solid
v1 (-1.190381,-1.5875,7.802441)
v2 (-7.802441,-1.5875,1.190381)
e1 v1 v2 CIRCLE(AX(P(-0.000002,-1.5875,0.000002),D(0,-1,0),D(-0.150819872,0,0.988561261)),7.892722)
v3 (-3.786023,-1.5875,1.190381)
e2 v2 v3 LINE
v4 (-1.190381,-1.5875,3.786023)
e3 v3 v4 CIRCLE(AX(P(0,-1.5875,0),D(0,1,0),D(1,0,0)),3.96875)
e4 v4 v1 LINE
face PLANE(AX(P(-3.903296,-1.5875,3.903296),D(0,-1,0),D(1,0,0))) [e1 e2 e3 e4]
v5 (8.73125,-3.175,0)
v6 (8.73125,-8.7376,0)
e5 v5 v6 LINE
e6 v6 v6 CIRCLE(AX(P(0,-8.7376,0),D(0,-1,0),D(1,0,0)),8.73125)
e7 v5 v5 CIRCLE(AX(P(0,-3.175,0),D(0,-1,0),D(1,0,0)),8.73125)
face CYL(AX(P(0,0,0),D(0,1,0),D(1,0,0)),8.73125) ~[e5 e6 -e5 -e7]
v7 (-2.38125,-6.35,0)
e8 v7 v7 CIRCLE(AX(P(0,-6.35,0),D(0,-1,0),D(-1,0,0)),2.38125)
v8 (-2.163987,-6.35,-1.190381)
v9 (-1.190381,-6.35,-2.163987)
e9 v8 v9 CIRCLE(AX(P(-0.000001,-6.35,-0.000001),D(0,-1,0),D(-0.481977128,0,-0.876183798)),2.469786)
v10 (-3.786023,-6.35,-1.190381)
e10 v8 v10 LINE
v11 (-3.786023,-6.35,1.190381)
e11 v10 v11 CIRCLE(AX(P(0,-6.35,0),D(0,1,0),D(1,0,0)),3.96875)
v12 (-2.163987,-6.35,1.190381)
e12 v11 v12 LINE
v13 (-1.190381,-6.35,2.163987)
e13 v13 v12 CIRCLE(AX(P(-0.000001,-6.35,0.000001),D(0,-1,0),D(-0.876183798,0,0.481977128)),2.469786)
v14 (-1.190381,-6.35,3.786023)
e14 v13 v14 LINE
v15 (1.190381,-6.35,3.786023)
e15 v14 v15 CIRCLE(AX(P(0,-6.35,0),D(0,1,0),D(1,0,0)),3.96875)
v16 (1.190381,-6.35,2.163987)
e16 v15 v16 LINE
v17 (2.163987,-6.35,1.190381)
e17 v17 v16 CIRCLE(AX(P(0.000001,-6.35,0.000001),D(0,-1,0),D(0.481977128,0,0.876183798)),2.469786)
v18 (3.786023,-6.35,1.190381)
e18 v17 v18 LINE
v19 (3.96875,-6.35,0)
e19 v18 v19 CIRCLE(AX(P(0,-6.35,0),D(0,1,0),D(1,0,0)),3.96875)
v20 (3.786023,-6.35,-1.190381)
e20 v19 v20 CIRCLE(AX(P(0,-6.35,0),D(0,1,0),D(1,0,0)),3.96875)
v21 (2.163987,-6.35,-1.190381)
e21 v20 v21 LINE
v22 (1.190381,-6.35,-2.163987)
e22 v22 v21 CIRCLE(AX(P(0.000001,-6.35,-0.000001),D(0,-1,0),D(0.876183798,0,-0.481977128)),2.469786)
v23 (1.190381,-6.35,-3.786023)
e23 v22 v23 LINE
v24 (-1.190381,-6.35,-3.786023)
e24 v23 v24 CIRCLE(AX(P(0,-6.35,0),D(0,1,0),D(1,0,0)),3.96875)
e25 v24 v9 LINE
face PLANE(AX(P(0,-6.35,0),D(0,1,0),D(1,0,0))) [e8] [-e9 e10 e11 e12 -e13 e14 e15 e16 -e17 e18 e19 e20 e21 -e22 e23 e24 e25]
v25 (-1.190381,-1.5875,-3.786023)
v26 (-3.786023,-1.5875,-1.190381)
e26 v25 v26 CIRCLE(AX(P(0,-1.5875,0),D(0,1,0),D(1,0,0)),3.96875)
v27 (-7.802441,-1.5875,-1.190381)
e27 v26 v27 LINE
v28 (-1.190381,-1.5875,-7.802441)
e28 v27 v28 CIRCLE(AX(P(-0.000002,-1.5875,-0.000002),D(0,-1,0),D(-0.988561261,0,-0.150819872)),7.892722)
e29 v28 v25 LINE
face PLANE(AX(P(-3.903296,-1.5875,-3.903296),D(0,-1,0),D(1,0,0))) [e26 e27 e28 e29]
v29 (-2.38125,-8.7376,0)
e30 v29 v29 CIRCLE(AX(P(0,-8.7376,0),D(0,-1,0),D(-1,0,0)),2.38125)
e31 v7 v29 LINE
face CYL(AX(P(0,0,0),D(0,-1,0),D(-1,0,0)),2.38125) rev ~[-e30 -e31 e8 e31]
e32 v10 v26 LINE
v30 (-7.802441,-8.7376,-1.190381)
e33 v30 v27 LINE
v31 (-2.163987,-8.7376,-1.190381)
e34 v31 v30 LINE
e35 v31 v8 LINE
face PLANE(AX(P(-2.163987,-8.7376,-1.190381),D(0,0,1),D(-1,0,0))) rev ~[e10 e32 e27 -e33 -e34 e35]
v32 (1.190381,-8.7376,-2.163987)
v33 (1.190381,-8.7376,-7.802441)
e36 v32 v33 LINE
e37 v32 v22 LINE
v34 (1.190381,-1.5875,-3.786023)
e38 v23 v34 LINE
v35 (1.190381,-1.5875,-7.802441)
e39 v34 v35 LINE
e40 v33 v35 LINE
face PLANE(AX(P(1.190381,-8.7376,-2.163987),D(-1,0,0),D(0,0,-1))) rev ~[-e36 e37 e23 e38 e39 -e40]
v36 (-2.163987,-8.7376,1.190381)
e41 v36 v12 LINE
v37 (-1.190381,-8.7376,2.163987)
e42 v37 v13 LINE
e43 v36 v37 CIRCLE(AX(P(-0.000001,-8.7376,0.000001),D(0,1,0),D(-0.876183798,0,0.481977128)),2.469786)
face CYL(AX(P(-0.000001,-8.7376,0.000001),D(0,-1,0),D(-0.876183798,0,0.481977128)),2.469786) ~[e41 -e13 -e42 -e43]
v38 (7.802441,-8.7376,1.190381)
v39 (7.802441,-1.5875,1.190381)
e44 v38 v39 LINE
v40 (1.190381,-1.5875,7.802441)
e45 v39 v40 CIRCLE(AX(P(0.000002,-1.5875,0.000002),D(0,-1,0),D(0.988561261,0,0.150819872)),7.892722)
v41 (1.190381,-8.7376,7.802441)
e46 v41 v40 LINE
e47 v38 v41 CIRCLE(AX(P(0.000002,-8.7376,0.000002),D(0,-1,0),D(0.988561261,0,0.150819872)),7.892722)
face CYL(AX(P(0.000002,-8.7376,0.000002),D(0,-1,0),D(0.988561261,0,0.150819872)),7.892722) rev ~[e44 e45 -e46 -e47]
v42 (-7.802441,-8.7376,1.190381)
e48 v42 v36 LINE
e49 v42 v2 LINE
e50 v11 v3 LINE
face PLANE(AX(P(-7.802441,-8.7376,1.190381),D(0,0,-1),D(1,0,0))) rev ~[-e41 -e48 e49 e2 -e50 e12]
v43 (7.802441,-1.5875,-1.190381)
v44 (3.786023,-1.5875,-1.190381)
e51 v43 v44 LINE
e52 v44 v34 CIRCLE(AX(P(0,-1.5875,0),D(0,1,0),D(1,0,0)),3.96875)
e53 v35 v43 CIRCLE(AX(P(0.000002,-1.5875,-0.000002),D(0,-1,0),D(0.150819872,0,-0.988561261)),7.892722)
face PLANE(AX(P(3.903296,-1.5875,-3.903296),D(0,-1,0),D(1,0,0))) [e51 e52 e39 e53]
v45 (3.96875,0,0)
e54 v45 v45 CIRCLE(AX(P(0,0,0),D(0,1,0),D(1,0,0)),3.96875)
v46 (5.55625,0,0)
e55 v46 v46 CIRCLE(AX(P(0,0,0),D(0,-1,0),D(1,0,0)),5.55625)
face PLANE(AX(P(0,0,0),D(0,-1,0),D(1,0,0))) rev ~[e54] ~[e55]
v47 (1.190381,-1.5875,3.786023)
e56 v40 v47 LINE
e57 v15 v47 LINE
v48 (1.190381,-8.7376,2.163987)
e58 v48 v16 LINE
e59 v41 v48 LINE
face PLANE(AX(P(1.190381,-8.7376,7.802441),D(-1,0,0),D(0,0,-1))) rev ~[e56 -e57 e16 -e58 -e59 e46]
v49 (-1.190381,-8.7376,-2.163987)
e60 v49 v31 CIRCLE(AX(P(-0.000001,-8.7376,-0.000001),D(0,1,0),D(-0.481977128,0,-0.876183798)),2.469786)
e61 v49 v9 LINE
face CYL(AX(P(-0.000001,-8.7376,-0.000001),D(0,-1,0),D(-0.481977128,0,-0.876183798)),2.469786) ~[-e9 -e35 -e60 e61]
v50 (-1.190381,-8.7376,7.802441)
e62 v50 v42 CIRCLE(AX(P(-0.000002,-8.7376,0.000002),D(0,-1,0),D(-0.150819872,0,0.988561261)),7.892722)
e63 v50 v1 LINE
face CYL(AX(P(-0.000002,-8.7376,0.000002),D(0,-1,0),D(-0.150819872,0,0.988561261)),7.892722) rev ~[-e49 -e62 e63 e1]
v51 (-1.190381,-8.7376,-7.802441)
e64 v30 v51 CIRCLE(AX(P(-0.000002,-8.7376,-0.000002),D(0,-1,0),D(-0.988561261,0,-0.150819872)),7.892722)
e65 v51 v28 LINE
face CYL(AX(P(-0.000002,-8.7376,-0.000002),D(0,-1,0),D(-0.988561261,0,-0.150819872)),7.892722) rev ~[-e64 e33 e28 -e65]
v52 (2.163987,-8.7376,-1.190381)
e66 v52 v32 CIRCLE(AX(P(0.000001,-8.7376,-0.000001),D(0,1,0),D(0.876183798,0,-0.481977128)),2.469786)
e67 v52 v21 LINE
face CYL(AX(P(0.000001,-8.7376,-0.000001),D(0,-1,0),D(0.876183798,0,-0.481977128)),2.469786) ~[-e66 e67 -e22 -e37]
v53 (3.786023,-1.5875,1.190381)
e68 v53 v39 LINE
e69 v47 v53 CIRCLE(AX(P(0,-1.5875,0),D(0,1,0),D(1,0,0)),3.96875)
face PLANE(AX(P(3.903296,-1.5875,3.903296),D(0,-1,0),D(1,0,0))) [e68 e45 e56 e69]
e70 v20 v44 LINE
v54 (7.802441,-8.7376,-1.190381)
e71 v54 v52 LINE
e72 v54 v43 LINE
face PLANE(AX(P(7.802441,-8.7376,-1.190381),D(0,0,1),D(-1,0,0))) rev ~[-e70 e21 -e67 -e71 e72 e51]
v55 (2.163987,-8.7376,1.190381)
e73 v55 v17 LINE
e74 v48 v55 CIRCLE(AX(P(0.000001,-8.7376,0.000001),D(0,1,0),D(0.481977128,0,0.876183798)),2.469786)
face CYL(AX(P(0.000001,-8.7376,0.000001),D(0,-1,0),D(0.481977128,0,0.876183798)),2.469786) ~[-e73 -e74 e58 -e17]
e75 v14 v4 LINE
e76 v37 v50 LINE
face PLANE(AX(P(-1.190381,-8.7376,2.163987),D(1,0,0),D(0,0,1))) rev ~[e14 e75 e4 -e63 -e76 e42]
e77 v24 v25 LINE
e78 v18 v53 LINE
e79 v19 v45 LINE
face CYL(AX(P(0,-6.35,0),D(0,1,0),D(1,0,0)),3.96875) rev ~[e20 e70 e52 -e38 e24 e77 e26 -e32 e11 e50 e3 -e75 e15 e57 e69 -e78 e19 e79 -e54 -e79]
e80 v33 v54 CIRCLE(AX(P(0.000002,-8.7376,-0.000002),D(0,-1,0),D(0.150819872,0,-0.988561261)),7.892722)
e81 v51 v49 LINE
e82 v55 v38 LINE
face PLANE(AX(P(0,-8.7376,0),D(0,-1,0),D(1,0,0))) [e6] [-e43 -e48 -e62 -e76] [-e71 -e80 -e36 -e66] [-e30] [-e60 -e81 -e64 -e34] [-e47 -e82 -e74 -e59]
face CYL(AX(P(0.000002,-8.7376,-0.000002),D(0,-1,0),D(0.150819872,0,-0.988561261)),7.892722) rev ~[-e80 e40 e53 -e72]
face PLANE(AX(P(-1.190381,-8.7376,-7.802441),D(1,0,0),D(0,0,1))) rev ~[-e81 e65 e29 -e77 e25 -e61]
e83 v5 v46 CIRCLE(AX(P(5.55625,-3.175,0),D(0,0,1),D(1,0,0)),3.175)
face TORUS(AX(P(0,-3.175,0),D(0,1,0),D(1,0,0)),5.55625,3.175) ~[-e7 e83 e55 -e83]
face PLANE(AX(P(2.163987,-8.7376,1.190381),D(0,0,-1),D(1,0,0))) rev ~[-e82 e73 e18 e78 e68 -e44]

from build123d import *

# Parameters (mm, degrees)
F0_R           = 8.73125
F0_R_2         = 7.9375
F0_R_3         = 2.38125
F1_DEPTH       = 8.7376
F3_DEPTH       = 7.1501
F4_D           = 4.7625
F4_CBORE_D     = 7.9375
F4_CBORE_DEPTH = 6.35
F5_R           = 3.175


with BuildPart() as f1:
    # F0 (on Front) → F1 (new body)
    with BuildSketch(Plane.XZ):
        Circle(F0_R)
        Circle(F0_R_2, mode=Mode.SUBTRACT)
        Circle(F0_R_2)
        Circle(F0_R_3, mode=Mode.SUBTRACT)
        Circle(F0_R_3)
    extrude(amount=F1_DEPTH)

    # F2 (on face) → F3 (cut)
    with BuildSketch(Plane.XZ.offset(8.7376)):
        with BuildLine():
            ThreePointArc((1.190381, 2.163987), (1.746403, 1.746403), (2.163987, 1.190381))
            Line((2.163987, 1.190381), (7.802441, 1.190381))
            ThreePointArc((7.802441, 1.190381), (5.580999, 5.580999), (1.190381, 7.802441))
            Line((1.190381, 7.802441), (1.190381, 2.163987))
        make_face()
        with BuildLine():
            Line((-1.190381, 2.163987), (-1.190381, 7.802441))
            ThreePointArc((-1.190381, 7.802441), (-5.580999, 5.580999), (-7.802441, 1.190381))
            Line((-7.802441, 1.190381), (-2.163987, 1.190381))
            ThreePointArc((-2.163987, 1.190381), (-1.746403, 1.746403), (-1.190381, 2.163987))
        make_face()
        with BuildLine():
            Line((-2.163987, -1.190381), (-7.802441, -1.190381))
            ThreePointArc((-7.802441, -1.190381), (-5.580999, -5.580999), (-1.190381, -7.802441))
            Line((-1.190381, -7.802441), (-1.190381, -2.163987))
            ThreePointArc((-1.190381, -2.163987), (-1.746403, -1.746403), (-2.163987, -1.190381))
        make_face()
        with BuildLine():
            Line((1.190381, -2.163987), (1.190381, -7.802441))
            ThreePointArc((1.190381, -7.802441), (5.580999, -5.580999), (7.802441, -1.190381))
            Line((7.802441, -1.190381), (2.163987, -1.190381))
            ThreePointArc((2.163987, -1.190381), (1.746403, -1.746403), (1.190381, -2.163987))
        make_face()
    extrude(amount=-F3_DEPTH, mode=Mode.SUBTRACT)

    # F4 (through all)
    with Locations(Plane(origin=(0, 0, 0), x_dir=(1, 0, 0), z_dir=(0, 1, 0))):
        with Locations((0, 0)):
            CounterBoreHole(F4_D / 2, F4_CBORE_D / 2, F4_CBORE_DEPTH)

    # F5
    f5_edges = [f1.edges().sort_by_distance(p)[0] for p in [
        (-8.73125, 0, 0),
    ]]
    fillet(f5_edges, radius=F5_R)


solid = f1.part
